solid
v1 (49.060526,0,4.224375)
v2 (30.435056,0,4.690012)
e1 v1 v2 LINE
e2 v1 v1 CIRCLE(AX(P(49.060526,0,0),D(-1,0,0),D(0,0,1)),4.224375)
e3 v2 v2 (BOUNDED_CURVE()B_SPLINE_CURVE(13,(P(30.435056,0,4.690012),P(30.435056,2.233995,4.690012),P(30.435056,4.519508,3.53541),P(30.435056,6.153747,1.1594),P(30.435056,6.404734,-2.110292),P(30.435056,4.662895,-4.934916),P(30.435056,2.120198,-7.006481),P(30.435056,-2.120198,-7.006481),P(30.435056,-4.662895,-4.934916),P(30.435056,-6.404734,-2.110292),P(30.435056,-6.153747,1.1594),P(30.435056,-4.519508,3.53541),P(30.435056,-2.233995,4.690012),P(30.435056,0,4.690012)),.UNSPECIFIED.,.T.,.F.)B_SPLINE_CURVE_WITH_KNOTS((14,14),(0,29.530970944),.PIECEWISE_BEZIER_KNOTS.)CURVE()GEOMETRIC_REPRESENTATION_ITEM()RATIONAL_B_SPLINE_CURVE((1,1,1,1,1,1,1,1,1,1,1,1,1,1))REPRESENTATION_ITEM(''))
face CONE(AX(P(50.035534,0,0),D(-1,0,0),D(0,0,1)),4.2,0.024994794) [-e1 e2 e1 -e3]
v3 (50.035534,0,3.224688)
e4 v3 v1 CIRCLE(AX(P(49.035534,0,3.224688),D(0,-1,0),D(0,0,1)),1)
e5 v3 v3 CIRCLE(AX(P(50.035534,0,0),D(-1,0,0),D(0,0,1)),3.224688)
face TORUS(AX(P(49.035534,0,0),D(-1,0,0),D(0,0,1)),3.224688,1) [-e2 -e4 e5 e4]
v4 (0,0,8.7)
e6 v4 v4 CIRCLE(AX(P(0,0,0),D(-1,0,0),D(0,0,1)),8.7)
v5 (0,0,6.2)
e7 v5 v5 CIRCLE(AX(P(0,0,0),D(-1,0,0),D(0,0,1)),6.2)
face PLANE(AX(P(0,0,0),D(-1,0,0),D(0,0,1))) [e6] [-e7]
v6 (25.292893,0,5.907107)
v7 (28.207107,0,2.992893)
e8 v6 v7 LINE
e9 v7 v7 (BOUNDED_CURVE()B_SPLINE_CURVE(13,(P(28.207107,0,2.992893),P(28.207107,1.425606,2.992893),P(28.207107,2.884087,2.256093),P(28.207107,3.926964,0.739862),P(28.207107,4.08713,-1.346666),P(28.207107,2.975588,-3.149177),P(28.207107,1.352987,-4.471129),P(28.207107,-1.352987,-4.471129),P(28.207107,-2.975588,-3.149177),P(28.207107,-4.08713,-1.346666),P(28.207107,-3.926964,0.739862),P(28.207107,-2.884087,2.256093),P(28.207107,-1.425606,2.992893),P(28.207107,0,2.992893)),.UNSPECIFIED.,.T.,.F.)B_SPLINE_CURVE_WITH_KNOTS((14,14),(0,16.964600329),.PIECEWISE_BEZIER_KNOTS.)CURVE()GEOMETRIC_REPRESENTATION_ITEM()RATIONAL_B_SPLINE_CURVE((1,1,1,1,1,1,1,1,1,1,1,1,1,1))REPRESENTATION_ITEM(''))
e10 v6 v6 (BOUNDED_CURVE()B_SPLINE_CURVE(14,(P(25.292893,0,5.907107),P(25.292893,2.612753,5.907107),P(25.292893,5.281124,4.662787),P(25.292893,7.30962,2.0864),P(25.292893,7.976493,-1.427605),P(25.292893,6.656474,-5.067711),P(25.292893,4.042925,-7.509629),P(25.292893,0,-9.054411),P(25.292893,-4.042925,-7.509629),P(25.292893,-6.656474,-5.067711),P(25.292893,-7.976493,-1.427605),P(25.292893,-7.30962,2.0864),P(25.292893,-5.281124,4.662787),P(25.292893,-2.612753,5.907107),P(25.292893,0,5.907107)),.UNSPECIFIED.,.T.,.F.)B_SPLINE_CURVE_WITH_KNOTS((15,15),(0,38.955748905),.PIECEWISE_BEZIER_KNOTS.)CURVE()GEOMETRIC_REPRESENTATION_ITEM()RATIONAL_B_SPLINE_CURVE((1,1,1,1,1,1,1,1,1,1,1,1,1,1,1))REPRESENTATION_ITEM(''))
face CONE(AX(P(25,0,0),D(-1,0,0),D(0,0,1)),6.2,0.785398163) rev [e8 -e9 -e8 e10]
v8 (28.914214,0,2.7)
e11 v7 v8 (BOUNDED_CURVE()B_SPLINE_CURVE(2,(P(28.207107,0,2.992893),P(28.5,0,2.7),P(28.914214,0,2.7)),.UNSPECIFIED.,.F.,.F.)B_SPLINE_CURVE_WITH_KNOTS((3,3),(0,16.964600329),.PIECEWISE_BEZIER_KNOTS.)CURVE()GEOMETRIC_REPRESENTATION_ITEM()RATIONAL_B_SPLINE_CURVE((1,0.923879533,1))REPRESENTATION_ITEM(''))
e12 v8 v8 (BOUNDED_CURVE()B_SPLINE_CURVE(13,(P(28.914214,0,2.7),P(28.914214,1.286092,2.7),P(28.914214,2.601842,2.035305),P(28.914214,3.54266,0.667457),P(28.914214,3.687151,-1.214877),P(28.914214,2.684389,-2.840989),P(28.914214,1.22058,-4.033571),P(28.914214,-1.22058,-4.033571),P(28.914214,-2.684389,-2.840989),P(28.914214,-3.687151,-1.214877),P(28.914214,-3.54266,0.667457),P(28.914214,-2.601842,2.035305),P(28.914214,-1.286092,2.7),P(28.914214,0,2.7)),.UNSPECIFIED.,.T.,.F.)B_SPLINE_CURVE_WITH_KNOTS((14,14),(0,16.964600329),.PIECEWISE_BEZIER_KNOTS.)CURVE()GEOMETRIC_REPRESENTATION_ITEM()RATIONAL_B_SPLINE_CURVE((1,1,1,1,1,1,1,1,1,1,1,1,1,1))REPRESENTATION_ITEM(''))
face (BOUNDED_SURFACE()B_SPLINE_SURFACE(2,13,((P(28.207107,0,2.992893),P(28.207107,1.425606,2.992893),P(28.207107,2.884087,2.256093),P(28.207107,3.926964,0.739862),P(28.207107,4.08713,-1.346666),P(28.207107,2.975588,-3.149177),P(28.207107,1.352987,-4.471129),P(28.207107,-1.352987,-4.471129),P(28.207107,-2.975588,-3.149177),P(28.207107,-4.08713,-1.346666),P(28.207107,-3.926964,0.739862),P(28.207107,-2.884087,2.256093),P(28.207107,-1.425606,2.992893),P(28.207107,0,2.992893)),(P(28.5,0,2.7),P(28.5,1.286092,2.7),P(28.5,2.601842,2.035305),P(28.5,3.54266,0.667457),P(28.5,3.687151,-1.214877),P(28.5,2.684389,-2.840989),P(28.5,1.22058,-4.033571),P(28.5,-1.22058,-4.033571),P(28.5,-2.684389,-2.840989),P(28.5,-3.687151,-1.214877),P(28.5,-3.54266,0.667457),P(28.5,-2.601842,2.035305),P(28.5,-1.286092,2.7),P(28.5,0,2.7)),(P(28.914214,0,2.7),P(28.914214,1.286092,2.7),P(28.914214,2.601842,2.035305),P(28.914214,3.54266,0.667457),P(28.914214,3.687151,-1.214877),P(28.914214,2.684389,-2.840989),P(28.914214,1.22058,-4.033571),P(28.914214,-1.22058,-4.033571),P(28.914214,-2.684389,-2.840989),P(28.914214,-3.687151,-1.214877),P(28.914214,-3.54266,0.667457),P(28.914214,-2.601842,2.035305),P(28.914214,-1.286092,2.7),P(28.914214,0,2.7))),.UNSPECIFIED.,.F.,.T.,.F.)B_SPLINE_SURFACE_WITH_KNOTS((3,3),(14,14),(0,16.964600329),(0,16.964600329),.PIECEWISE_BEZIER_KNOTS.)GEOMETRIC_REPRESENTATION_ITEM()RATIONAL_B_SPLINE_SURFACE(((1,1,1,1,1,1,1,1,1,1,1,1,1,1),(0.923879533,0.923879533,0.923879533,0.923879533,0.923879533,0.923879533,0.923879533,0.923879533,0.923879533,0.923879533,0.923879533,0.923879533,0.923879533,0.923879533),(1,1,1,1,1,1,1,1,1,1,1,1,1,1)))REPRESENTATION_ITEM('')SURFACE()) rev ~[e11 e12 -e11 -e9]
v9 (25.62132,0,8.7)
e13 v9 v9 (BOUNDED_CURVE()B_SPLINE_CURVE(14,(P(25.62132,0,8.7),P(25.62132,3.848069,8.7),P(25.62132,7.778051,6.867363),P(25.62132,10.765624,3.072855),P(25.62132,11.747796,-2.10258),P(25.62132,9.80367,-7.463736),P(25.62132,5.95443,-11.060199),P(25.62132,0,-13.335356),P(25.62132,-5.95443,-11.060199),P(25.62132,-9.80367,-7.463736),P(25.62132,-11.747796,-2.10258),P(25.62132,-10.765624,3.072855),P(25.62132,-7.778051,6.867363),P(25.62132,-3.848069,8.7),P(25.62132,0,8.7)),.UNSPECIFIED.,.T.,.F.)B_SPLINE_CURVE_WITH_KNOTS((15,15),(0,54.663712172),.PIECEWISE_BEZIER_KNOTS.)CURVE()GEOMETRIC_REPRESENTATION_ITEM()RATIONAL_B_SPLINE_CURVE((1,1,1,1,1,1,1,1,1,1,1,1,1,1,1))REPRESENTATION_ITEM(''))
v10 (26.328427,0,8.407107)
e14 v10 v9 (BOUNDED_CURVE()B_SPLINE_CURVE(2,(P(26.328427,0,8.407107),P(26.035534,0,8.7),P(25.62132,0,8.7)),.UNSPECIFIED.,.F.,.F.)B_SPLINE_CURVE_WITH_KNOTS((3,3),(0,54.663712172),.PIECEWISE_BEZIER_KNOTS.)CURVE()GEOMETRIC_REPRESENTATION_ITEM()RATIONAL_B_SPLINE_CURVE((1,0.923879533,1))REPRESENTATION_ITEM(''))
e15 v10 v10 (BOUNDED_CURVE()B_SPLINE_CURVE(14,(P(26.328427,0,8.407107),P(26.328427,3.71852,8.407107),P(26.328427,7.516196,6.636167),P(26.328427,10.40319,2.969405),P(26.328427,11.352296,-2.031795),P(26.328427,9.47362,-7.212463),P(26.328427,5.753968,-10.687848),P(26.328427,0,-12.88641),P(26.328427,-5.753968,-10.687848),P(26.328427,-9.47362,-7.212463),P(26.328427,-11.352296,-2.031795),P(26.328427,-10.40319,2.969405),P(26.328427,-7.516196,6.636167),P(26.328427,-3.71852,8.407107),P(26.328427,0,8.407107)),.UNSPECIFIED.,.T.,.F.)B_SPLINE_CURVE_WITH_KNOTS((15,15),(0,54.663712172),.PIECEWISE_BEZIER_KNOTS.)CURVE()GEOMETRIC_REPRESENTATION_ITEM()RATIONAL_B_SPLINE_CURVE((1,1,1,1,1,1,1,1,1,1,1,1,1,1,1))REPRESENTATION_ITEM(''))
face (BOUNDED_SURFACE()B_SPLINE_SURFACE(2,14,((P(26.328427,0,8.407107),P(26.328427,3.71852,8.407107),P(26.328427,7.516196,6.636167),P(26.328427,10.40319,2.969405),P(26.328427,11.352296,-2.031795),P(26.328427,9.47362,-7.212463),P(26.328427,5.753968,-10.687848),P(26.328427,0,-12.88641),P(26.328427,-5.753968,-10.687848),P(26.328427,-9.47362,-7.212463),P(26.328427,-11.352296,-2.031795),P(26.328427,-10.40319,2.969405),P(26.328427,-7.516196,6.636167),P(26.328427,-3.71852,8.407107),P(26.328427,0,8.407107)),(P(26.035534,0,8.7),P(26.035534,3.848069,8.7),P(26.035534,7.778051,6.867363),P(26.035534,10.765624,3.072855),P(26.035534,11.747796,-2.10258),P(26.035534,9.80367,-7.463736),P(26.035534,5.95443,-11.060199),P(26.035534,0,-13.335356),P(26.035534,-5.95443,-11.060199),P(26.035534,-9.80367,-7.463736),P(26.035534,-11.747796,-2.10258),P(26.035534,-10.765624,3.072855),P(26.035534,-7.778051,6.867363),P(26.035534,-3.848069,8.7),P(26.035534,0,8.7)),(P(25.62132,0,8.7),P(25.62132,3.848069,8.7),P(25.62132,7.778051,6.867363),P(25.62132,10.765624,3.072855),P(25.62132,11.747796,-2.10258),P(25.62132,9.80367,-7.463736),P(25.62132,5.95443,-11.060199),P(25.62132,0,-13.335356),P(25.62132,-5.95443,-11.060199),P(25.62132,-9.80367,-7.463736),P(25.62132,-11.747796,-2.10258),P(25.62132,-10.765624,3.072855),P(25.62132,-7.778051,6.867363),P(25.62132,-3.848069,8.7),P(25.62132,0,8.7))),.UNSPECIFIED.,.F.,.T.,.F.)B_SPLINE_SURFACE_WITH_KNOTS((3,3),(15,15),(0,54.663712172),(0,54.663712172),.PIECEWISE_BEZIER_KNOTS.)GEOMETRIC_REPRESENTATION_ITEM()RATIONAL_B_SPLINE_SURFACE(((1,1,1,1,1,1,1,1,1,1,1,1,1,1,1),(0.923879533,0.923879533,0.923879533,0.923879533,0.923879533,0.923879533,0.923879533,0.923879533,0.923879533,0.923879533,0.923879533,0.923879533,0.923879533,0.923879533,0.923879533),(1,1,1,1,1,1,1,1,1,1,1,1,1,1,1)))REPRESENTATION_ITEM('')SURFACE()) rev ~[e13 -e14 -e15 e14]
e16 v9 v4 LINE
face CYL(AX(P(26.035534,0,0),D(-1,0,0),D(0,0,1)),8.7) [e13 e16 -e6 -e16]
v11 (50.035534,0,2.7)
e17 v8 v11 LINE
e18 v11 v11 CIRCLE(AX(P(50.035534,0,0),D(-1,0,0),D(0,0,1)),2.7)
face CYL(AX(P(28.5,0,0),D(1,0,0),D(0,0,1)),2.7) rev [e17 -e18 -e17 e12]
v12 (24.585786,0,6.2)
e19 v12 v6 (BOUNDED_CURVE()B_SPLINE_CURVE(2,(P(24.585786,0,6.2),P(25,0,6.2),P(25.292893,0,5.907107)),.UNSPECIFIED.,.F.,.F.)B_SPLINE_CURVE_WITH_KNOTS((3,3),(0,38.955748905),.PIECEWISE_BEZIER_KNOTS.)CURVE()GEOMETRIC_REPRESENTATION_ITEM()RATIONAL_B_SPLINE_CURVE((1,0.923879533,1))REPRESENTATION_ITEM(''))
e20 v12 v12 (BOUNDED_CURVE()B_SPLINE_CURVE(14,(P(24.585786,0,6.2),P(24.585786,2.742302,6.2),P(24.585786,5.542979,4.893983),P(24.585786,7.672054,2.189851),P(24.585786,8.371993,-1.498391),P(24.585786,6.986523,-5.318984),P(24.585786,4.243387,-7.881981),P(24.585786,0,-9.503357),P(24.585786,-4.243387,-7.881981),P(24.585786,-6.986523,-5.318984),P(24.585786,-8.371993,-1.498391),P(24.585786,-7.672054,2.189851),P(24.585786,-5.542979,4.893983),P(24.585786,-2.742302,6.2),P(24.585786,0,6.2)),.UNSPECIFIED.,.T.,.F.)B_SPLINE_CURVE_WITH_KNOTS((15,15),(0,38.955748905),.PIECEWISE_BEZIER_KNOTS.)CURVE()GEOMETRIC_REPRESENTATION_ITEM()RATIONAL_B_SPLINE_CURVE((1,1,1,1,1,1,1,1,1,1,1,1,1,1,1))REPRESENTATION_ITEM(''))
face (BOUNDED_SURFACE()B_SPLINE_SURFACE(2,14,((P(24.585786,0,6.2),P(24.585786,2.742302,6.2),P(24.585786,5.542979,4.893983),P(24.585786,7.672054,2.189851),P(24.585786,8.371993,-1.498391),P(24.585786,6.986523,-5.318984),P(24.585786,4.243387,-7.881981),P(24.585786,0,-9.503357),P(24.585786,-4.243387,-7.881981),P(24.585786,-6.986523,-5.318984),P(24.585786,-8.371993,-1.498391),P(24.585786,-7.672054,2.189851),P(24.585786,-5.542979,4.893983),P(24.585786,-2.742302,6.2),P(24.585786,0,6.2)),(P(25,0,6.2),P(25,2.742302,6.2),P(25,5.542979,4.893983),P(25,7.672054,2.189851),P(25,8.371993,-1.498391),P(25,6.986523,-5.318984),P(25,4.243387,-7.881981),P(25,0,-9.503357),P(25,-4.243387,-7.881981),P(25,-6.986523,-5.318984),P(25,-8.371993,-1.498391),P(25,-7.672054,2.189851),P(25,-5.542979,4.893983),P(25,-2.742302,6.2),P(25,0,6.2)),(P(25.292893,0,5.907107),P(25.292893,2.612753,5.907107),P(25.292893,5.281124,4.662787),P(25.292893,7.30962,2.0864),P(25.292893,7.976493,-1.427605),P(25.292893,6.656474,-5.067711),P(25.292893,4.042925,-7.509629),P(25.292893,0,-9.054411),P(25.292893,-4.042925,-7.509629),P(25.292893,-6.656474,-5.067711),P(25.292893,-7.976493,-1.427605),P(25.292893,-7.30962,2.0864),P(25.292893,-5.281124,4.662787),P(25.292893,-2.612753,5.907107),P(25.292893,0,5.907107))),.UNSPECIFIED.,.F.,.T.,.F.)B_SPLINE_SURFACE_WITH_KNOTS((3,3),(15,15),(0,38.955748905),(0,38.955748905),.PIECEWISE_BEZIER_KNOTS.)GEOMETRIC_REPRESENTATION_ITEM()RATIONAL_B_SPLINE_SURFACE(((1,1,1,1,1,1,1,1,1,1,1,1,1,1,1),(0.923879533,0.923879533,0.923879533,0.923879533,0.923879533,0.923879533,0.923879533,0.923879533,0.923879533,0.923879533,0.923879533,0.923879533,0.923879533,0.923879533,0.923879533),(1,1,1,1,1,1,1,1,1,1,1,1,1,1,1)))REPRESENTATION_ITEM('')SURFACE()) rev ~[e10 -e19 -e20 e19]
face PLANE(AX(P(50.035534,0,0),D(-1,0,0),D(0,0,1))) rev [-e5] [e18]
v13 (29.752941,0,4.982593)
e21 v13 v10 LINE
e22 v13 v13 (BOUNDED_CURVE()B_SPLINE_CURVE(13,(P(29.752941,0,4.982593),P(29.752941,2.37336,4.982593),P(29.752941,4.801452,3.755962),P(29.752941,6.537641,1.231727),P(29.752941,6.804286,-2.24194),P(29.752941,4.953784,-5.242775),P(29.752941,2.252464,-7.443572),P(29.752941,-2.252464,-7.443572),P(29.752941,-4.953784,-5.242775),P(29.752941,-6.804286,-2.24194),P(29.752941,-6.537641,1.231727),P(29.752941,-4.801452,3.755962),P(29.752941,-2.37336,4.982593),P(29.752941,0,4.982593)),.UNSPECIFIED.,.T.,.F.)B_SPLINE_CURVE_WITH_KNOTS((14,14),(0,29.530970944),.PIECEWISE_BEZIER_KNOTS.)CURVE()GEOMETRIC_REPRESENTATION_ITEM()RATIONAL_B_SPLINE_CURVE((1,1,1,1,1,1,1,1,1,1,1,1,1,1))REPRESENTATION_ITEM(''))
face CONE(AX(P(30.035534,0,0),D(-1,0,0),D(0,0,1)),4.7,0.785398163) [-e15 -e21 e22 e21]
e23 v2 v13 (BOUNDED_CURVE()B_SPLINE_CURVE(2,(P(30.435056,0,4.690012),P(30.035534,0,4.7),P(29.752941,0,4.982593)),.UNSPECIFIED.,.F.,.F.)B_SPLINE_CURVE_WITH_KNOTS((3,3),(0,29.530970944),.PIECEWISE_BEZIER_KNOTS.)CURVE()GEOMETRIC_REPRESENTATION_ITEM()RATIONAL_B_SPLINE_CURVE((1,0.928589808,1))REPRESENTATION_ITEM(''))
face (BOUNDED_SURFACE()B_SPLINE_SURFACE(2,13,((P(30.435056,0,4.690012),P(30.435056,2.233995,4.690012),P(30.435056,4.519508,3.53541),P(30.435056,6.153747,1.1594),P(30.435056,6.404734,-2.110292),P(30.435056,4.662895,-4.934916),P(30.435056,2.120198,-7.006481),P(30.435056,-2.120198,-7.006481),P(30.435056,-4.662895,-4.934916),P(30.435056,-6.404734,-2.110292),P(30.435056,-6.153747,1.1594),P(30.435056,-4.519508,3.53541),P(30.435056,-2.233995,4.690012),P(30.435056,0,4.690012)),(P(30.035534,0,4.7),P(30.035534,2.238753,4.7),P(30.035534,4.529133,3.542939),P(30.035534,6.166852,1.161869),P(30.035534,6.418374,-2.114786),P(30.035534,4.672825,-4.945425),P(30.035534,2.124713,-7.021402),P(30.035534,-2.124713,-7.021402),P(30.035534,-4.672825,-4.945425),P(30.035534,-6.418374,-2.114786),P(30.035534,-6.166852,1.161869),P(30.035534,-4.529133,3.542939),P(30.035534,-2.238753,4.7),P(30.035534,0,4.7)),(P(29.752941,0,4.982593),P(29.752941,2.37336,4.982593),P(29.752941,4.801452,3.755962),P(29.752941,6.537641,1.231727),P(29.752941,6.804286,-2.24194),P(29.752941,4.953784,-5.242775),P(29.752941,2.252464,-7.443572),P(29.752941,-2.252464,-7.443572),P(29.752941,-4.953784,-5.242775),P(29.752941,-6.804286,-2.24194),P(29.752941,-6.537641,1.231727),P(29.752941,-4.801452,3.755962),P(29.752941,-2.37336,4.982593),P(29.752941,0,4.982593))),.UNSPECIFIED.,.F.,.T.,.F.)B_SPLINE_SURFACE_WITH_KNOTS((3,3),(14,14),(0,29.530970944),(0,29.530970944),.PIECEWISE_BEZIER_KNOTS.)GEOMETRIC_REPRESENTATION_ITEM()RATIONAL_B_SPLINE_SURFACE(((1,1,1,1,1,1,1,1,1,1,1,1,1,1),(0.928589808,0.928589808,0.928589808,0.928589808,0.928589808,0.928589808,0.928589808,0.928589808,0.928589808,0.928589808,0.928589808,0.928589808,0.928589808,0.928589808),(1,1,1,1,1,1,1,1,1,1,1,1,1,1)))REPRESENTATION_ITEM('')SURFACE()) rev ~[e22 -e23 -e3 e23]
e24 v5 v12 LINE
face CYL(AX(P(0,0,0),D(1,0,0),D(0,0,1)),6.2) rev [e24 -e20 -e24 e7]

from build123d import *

# Parameters (mm, degrees)
F2_R = 1


with BuildPart() as f1:
    # F0 (on Front) → F1 (revolve)
    with BuildSketch(Plane.XZ):
        Polygon((0, 8.7), (0, 6.2), (25, 6.2), (28.5, 2.7), (50.035534, 2.7), (50.035534, 4.2), (30.035534, 4.7), (26.035534, 8.7), align=None)
    revolve(axis=Axis((25.017767, 0, 0), (-1, 0, 0)))

    # F2
    f2_edges = [f1.edges().sort_by_distance(p)[0] for p in [
        (26.035534, 0, -8.7),
        (30.035534, 0, -4.7),
        (50.035534, 0, -4.2),
        (25, 0, -6.2),
        (28.5, 0, -2.7),
    ]]
    fillet(f2_edges, radius=F2_R)


solid = f1.part
